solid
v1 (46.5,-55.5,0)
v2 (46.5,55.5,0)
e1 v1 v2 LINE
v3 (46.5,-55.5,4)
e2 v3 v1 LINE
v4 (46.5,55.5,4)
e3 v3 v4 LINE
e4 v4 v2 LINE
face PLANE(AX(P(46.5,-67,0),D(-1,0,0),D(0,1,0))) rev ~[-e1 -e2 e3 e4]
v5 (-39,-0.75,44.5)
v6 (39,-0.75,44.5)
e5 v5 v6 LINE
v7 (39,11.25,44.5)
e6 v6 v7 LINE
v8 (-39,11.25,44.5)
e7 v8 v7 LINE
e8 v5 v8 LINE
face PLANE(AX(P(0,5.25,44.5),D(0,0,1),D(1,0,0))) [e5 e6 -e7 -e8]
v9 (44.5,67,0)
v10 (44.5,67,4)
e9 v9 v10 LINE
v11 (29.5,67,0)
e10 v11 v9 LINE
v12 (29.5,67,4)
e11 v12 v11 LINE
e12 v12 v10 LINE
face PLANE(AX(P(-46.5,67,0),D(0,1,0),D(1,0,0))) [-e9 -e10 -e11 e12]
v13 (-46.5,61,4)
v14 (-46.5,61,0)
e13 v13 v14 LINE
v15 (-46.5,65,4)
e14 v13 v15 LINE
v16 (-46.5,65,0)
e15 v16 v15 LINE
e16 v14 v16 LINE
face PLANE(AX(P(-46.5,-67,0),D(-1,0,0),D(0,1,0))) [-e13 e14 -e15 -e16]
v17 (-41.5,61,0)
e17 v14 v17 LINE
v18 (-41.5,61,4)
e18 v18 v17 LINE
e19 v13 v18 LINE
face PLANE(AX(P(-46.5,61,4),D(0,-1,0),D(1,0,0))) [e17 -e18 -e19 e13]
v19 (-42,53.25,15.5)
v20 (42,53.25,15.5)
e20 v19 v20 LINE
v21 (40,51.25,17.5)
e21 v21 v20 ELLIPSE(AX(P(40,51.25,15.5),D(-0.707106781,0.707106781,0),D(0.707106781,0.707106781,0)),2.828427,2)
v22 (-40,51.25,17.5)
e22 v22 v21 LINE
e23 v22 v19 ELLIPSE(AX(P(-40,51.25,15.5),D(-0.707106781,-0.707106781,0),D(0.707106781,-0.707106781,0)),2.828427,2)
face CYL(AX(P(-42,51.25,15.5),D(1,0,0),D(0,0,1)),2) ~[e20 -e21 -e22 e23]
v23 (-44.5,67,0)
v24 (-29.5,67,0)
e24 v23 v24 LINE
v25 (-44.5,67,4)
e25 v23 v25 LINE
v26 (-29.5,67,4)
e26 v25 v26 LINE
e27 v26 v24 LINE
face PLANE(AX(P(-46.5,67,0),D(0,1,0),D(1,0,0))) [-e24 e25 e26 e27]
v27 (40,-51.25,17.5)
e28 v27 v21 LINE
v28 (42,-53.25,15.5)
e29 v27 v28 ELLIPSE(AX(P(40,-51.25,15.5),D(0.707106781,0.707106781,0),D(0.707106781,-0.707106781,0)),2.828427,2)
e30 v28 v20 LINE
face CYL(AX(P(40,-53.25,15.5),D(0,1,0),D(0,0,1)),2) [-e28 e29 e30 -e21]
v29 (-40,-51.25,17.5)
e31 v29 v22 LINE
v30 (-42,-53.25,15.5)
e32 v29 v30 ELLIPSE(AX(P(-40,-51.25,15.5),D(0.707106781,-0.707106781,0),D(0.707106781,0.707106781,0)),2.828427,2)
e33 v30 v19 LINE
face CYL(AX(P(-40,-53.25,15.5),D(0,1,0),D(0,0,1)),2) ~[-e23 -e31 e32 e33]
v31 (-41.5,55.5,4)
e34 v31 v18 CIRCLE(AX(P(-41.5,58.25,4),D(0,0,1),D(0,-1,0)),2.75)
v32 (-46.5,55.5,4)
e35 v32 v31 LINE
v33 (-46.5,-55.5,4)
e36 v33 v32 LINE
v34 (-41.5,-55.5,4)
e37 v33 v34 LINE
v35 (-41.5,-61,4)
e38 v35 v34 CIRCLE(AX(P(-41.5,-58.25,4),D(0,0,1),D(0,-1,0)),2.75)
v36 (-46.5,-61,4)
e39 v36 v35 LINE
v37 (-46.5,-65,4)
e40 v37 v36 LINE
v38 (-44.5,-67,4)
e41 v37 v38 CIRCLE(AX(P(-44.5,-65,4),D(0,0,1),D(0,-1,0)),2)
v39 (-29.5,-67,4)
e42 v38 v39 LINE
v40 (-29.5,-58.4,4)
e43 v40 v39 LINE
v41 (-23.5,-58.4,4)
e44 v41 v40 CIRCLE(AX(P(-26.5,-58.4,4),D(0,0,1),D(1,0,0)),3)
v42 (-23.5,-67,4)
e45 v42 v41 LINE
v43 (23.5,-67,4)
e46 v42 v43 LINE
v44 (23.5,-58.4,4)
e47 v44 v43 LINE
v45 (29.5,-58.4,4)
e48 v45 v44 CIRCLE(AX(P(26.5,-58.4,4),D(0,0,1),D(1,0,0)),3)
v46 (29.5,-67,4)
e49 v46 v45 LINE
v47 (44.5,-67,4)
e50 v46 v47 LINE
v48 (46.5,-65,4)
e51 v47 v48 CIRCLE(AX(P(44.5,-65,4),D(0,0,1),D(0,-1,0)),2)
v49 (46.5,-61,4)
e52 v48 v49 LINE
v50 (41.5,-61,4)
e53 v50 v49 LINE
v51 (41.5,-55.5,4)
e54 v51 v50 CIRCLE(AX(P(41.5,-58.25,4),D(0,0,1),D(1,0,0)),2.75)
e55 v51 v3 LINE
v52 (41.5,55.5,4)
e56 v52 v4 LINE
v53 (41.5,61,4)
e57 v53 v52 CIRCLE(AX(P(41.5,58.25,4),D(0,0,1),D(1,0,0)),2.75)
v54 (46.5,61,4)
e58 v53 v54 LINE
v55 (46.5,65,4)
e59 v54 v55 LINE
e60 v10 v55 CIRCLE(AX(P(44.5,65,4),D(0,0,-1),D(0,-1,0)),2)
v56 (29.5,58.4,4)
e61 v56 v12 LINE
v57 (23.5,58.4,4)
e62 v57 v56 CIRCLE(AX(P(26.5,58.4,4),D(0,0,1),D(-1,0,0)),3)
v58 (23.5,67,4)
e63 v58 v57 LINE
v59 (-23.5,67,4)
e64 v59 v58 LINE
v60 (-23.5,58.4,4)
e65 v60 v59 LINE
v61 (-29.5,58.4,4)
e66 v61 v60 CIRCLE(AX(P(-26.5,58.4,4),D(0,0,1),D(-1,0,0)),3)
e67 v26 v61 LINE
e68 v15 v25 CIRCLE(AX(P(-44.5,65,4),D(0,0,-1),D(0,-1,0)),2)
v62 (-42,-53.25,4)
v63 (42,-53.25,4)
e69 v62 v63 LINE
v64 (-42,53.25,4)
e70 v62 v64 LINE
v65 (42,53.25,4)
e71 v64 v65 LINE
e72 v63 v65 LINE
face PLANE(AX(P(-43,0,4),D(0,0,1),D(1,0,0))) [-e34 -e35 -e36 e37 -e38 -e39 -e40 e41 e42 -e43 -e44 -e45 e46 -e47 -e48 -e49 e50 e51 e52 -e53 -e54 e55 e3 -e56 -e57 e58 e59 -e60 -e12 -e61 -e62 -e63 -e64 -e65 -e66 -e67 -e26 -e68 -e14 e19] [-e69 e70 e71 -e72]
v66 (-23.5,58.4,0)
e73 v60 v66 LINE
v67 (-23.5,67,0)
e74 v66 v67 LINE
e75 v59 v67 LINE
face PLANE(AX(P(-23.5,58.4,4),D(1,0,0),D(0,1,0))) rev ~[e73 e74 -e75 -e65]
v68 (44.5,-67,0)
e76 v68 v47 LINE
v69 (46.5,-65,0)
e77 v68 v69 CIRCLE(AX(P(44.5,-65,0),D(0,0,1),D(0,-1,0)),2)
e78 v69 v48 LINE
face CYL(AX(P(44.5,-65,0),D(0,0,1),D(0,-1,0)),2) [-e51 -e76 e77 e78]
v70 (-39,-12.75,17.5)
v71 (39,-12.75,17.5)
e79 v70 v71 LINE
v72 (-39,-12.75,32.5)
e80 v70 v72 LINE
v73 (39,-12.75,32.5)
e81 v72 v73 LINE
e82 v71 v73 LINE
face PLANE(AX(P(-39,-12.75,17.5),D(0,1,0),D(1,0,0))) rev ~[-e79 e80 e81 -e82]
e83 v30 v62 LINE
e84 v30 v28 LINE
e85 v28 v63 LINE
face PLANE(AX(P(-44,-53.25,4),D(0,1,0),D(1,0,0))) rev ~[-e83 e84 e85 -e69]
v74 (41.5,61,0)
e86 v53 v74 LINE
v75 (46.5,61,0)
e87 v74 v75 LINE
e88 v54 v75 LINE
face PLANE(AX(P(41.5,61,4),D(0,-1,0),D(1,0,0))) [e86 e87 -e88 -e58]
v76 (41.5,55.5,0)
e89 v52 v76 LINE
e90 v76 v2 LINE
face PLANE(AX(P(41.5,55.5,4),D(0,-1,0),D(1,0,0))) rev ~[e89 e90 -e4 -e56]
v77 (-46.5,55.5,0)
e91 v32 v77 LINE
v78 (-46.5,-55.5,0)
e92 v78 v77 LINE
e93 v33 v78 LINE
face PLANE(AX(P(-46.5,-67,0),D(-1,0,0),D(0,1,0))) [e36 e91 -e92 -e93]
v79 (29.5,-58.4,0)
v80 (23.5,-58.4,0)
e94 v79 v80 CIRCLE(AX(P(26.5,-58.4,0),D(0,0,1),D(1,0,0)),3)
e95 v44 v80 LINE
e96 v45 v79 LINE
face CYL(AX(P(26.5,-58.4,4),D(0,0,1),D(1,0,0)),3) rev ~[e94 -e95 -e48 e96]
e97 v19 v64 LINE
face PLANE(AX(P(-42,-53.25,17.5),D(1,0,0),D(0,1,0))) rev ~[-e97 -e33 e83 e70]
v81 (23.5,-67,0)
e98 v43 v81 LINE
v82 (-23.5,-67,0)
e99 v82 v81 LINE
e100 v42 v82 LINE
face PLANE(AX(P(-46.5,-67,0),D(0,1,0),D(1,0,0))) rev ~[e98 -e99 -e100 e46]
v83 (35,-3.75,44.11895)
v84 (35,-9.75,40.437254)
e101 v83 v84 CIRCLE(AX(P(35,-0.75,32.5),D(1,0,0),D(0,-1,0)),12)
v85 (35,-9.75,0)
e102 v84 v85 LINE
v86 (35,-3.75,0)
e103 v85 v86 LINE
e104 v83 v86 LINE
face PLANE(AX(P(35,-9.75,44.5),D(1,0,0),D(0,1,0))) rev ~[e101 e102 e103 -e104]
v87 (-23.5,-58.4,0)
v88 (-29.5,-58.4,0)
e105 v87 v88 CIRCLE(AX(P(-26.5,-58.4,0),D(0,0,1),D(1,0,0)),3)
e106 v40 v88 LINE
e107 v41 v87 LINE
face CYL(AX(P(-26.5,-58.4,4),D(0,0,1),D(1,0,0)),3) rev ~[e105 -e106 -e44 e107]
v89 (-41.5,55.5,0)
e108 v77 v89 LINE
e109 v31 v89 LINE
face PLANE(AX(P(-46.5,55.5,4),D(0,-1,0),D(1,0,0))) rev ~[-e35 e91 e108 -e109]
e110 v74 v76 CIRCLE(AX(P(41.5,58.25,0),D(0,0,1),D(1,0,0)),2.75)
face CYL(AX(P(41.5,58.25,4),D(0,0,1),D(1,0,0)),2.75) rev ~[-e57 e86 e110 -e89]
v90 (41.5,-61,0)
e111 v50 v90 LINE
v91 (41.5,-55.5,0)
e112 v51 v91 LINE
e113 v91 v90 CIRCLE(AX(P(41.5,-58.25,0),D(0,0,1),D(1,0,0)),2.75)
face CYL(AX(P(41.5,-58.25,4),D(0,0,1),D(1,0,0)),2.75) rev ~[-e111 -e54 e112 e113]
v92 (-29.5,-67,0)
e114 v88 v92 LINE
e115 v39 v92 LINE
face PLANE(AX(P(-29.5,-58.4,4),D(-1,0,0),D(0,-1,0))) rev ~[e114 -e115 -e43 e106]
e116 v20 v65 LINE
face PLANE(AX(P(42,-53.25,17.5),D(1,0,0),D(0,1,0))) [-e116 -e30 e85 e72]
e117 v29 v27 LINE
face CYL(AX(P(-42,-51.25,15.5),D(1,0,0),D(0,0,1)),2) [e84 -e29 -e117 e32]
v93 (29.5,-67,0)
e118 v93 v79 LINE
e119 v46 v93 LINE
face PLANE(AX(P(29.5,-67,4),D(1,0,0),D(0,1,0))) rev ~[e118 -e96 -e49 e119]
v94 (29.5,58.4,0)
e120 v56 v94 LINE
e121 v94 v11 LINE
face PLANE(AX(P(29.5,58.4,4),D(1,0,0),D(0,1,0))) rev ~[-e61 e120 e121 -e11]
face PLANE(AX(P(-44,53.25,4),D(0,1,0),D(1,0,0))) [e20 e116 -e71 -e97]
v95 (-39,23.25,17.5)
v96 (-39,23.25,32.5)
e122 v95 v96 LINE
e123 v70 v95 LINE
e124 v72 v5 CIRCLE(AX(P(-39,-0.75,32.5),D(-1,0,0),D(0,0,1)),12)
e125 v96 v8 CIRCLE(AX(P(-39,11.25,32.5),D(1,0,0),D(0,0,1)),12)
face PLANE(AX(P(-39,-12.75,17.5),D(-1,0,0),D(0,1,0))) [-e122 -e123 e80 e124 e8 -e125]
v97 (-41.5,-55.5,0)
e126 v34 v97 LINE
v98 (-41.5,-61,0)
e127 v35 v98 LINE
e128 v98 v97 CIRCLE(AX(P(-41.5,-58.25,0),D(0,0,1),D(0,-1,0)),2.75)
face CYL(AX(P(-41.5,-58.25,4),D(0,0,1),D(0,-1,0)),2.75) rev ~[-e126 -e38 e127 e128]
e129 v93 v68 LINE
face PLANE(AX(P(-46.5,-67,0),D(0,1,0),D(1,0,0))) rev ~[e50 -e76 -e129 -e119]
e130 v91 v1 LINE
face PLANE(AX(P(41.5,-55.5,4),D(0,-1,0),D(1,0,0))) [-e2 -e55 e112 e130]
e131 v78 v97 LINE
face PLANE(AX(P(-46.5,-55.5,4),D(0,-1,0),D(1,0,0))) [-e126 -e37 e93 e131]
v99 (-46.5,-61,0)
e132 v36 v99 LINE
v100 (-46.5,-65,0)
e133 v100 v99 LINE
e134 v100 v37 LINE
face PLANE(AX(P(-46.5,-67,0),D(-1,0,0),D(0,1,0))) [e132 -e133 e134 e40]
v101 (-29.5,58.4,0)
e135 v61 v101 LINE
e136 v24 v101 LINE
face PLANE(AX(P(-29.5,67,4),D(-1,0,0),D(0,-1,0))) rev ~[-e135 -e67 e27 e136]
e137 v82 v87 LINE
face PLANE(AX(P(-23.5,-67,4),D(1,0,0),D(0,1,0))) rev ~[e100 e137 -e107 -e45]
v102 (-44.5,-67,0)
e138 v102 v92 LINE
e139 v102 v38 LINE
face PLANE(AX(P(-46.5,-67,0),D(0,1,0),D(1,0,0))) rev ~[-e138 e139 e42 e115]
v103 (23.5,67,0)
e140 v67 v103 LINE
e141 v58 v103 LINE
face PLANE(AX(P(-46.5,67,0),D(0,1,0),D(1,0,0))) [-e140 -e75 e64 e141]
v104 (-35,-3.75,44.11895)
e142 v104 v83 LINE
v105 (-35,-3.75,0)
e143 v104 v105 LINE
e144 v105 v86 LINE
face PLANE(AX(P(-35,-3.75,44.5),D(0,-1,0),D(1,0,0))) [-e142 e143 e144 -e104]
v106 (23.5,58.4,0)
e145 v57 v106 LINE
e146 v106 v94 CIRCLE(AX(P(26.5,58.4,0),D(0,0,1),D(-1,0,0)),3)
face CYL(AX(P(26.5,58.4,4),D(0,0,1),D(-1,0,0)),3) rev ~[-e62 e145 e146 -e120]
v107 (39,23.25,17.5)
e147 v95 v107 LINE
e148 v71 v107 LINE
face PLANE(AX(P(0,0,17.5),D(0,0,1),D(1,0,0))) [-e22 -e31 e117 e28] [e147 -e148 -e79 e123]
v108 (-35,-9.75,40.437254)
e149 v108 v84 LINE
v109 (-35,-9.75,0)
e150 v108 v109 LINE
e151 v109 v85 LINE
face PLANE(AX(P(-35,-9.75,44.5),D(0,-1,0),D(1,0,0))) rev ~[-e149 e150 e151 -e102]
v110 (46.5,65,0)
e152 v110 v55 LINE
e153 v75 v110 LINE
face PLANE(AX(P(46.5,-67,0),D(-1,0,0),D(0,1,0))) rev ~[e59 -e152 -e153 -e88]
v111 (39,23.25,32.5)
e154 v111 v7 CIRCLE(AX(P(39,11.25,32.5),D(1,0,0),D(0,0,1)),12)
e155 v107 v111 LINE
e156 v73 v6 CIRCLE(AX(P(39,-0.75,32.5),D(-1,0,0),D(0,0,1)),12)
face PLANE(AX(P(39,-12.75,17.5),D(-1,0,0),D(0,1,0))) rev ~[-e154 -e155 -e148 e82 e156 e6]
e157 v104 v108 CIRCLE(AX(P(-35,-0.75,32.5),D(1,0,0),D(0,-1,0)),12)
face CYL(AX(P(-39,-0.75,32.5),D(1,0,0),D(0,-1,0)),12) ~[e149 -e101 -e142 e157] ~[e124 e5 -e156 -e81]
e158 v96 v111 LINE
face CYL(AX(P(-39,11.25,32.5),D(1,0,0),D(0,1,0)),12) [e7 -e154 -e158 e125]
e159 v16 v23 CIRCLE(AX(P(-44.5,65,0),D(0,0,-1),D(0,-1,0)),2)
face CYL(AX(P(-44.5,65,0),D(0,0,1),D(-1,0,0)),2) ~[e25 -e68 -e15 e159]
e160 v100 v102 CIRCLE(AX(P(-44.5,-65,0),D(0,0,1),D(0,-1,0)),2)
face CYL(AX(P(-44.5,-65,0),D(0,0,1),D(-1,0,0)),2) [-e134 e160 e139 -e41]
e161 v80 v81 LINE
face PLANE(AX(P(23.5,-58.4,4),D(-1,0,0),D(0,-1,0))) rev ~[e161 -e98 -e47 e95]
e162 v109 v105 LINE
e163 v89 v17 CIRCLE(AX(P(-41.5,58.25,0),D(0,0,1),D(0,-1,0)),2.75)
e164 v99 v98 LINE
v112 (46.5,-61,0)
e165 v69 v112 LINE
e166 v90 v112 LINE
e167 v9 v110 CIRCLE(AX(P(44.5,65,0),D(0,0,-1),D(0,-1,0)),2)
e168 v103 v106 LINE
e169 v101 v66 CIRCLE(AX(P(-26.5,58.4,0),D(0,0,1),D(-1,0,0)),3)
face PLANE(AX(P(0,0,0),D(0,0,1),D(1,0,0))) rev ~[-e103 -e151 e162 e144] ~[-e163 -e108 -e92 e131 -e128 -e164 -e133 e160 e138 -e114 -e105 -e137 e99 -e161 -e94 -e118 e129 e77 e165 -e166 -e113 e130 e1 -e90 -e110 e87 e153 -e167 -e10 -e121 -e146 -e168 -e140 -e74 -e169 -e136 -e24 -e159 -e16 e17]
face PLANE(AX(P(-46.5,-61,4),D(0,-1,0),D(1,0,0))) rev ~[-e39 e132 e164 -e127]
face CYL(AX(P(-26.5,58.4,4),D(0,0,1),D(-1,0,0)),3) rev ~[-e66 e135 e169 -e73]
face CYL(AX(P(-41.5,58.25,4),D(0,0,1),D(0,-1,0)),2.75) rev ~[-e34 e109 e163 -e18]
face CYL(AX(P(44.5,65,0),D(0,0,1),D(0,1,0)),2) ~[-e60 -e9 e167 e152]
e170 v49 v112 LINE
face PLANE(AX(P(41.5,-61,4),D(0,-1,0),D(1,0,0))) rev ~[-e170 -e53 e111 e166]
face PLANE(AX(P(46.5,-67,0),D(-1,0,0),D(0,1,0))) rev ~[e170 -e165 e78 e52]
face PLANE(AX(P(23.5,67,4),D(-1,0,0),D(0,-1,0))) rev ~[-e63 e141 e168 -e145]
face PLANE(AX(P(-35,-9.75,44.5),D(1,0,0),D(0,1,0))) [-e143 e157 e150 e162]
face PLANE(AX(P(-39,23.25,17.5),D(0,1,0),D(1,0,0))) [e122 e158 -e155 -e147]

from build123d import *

# Parameters (mm, degrees)
SKETCH1_W           = 93
SKETCH1_H           = 134
BOSS_EXTRUDE1_DEPTH = 4
SKETCH2_W           = 88
SKETCH2_H           = 106.5
BOSS_EXTRUDE2_DEPTH = 13.5
FILLET2_R           = 2
SKETCH5_W           = 78
SKETCH5_H           = 36
BOSS_EXTRUDE3_DEPTH = 27
FILLET3_R           = 12
SKETCH6_W           = 70
SKETCH6_H           = 6
CUT_EXTRUDE1_DEPTH  = 45.5
SKETCH9_R           = 2.75
SKETCH9_W           = 5
SKETCH9_H           = 5.5
CUT_EXTRUDE3_DEPTH  = 10
CUT_EXTRUDE6_DEPTH  = 10
SKETCH13_W          = 2
SKETCH13_H          = 106.5
CUT_EXTRUDE7_DEPTH  = 13.5
FILLET4_R           = 2


with BuildPart() as part:
    # Sketch1 → Boss-Extrude1 (new body)
    with BuildSketch(Plane.XY):
        Rectangle(SKETCH1_W, SKETCH1_H)
    extrude(amount=BOSS_EXTRUDE1_DEPTH)

    # Sketch2 → Boss-Extrude2 (add)
    with BuildSketch(Plane.XY.offset(4)):
        Rectangle(SKETCH2_W, SKETCH2_H)
    extrude(amount=BOSS_EXTRUDE2_DEPTH)

    # Fillet2
    fillet2_edges = [part.edges().sort_by_distance(p)[0] for p in [
        (46.5, -67, 2),
        (-46.5, -67, 2),
        (-46.5, 67, 2),
        (46.5, 67, 2),
    ]]
    fillet(fillet2_edges, radius=FILLET2_R)

    # Sketch5 → Boss-Extrude3 (add)
    with BuildSketch(Plane.XY.offset(17.5)):
        with Locations((0, 5.25)):
            Rectangle(SKETCH5_W, SKETCH5_H)
    extrude(amount=BOSS_EXTRUDE3_DEPTH)

    # Fillet3
    fillet3_edges = [part.edges().sort_by_distance(p)[0] for p in [
        (0, 23.25, 44.5),
        (0, -12.75, 44.5),
    ]]
    fillet(fillet3_edges, radius=FILLET3_R)

    # Sketch6 → Cut-Extrude1 (cut, through all)
    with BuildSketch(Plane.XY.offset(44.5)):
        with Locations((0, -6.75)):
            Rectangle(SKETCH6_W, SKETCH6_H)
    extrude(amount=-CUT_EXTRUDE1_DEPTH, mode=Mode.SUBTRACT)

    # Sketch9 → Cut-Extrude3 (cut)
    with BuildSketch(Plane.XY.offset(4)):
        with Locations((41.5, 58.25)):
            Circle(SKETCH9_R)
        with Locations((-41.5, 58.25)):
            Circle(SKETCH9_R)
        with Locations((-41.5, -58.25)):
            Circle(SKETCH9_R)
        with Locations((41.5, -58.25)):
            Circle(SKETCH9_R)
        with Locations((44, 58.25)):
            Rectangle(SKETCH9_W, SKETCH9_H)
        with Locations((-44, 58.25)):
            Rectangle(SKETCH9_W, SKETCH9_H)
        with Locations((-44, -58.25)):
            Rectangle(SKETCH9_W, SKETCH9_H)
        with Locations((44, -58.25)):
            Rectangle(SKETCH9_W, SKETCH9_H)
    extrude(amount=-CUT_EXTRUDE3_DEPTH, mode=Mode.SUBTRACT)

    # Sketch8 → Cut-Extrude6 (cut)
    with BuildSketch(Plane.XY.offset(4)):
        with BuildLine():
            Line((29.5, 67), (23.5, 67))
            Line((23.5, 67), (23.5, 58.4))
            ThreePointArc((23.5, 58.4), (26.5, 55.4), (29.5, 58.4))
            Line((29.5, 58.4), (29.5, 67))
        make_face()
        with BuildLine():
            ThreePointArc((-29.5, 58.4), (-26.5, 55.4), (-23.5, 58.4))
            Line((-23.5, 58.4), (-23.5, 67))
            Line((-23.5, 67), (-29.5, 67))
            Line((-29.5, 67), (-29.5, 58.4))
        make_face()
        with BuildLine():
            Line((-29.5, -67), (-23.5, -67))
            Line((-23.5, -67), (-23.5, -58.4))
            ThreePointArc((-23.5, -58.4), (-26.5, -55.4), (-29.5, -58.4))
            Line((-29.5, -58.4), (-29.5, -67))
        make_face()
        with BuildLine():
            ThreePointArc((29.5, -58.4), (26.5, -55.4), (23.5, -58.4))
            Line((23.5, -58.4), (23.5, -67))
            Line((23.5, -67), (29.5, -67))
            Line((29.5, -67), (29.5, -58.4))
        make_face()
    extrude(amount=-CUT_EXTRUDE6_DEPTH, mode=Mode.SUBTRACT)

    # Sketch13 → Cut-Extrude7 (cut)
    with BuildSketch(Plane.XY.offset(17.5)):
        with Locations((-43, 0)):
            Rectangle(SKETCH13_W, SKETCH13_H)
        with Locations((43, 0)):
            Rectangle(SKETCH13_W, SKETCH13_H)
    extrude(amount=-CUT_EXTRUDE7_DEPTH, mode=Mode.SUBTRACT)

    # Fillet4
    fillet4_edges = [part.edges().sort_by_distance(p)[0] for p in [
        (0, 53.25, 17.5),
        (0, -53.25, 17.5),
        (-42, 0, 17.5),
        (42, 0, 17.5),
    ]]
    fillet(fillet4_edges, radius=FILLET4_R)


solid = part.part
